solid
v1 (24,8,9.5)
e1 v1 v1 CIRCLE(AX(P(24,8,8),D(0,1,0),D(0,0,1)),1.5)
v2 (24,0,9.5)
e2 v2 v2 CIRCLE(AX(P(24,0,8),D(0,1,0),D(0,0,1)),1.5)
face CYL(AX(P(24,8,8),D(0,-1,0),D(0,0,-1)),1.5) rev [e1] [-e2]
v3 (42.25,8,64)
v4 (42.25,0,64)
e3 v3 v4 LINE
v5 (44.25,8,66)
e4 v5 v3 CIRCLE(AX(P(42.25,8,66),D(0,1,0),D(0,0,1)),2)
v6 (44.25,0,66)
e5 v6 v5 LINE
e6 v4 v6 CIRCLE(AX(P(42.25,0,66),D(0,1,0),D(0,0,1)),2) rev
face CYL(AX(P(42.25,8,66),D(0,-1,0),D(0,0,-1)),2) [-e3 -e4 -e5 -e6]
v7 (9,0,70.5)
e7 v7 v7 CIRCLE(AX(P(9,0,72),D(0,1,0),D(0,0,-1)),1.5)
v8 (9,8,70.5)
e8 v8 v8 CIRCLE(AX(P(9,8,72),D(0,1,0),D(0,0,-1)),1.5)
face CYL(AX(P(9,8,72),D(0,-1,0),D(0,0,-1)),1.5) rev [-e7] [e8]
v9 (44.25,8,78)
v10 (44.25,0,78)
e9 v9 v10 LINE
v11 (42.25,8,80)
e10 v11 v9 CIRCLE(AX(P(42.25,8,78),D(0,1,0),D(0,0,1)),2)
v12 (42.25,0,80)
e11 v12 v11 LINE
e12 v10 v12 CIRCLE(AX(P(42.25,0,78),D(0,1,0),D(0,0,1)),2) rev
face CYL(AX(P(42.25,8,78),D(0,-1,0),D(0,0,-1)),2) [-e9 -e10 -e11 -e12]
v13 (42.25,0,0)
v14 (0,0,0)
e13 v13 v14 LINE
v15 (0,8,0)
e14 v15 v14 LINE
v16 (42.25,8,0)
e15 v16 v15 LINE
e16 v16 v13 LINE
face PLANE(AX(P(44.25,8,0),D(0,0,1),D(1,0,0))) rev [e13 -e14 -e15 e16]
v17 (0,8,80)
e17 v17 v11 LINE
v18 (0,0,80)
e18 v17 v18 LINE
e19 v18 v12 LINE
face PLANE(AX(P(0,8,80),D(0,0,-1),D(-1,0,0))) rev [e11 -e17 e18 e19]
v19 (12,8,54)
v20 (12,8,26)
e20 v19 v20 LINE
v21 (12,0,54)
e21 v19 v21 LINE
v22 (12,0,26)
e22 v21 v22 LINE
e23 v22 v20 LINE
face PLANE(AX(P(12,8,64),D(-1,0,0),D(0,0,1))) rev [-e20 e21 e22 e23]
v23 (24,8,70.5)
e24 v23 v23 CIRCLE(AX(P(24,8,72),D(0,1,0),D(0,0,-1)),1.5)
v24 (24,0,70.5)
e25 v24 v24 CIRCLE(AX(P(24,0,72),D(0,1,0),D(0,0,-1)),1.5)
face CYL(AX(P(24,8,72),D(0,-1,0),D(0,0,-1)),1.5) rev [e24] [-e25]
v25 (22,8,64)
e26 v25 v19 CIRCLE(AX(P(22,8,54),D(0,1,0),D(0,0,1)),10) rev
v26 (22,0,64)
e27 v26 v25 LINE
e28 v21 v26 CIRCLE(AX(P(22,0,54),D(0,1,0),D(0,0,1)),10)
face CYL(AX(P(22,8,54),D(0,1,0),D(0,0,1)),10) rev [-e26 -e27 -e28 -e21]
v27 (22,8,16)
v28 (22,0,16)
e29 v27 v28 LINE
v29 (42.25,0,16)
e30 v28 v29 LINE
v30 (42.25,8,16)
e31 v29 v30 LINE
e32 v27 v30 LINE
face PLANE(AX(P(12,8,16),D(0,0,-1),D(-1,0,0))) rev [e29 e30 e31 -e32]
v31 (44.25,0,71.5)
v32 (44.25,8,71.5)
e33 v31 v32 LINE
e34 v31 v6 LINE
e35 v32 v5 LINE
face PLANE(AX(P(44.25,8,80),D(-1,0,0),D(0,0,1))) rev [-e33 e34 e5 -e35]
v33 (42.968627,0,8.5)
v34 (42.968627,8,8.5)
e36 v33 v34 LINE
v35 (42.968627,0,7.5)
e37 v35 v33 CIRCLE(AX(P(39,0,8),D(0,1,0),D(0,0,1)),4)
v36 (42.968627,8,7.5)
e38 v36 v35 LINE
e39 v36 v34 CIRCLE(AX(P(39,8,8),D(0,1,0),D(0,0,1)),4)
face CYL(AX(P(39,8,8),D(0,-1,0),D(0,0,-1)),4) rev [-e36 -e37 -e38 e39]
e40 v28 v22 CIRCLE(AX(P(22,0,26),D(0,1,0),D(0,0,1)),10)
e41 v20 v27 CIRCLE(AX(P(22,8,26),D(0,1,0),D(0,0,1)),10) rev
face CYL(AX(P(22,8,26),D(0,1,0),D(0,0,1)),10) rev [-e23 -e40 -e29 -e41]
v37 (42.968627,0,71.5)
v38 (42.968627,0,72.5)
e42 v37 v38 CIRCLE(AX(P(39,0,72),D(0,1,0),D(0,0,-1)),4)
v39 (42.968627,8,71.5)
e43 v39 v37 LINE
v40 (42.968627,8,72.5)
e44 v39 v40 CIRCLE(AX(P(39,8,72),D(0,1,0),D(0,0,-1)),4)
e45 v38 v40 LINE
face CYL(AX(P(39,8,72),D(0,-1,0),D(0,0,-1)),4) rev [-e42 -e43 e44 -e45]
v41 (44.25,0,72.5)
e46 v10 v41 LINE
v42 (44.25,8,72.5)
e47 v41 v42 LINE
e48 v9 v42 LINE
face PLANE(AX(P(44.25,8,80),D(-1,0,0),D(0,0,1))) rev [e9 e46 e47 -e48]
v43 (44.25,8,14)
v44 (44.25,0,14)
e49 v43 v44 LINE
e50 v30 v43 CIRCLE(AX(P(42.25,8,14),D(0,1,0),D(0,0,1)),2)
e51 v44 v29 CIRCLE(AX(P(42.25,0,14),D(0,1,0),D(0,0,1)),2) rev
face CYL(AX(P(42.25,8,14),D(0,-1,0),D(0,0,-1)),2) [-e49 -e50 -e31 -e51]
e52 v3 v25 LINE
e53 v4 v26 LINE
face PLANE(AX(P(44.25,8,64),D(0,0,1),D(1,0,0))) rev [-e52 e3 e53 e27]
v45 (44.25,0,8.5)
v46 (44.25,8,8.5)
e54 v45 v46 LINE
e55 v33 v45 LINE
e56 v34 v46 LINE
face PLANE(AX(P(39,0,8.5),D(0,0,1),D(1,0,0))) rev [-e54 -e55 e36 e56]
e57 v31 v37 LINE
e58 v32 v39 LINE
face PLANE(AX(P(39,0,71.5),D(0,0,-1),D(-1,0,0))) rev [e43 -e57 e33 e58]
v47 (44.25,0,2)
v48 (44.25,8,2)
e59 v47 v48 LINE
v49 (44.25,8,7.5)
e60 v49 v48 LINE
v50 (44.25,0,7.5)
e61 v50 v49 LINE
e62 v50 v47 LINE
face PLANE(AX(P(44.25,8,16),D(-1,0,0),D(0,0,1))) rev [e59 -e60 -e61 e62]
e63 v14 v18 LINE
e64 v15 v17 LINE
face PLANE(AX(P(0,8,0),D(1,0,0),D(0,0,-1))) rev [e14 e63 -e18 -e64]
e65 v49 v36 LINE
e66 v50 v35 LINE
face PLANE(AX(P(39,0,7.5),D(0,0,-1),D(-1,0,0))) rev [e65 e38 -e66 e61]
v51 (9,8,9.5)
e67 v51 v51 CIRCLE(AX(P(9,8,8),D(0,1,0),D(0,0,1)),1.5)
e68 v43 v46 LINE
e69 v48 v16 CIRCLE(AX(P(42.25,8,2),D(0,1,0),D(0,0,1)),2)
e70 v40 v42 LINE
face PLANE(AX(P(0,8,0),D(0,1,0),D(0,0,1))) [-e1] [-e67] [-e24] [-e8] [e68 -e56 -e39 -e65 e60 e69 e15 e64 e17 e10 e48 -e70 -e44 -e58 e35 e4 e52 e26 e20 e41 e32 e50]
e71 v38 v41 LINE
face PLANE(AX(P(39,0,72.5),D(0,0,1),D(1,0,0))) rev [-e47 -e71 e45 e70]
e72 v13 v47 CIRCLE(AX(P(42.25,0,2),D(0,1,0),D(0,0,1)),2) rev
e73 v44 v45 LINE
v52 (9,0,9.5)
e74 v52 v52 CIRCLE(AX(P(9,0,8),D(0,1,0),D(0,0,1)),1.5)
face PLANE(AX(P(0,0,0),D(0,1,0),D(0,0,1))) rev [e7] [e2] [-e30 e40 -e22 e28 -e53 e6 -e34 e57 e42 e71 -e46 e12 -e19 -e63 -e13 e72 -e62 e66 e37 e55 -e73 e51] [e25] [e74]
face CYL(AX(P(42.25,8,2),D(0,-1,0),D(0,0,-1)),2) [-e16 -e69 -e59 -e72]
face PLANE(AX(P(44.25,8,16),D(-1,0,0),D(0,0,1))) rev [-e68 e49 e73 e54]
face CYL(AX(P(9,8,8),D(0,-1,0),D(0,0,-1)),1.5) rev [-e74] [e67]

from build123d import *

# Parameters (mm, degrees)
SKETCH1_R           = 4
SKETCH1_R_2         = 1.5
BOSS_EXTRUDE1_DEPTH = 8
CUT_EXTRUDE2_DEPTH  = 92.771795776
FILLET1_R           = 2
FILLET2_R           = 10


with BuildPart() as part:
    # Sketch1 → Boss-Extrude1 (new body)
    with BuildSketch(Plane(origin=(0, 0, 0), x_dir=(1, 0, 0), z_dir=(0, 1, 0))):
        Polygon((0, 0), (0, -80), (44.25, -80), (44.25, -64), (12, -64), (12, -16), (44.25, -16), (44.25, 0), align=None)
        with Locations(Location((39, -8, 0), (0, 0, 270))):
            Circle(SKETCH1_R, mode=Mode.SUBTRACT)
        with Locations(Location((39, -72, 0), (0, 0, 90))):
            Circle(SKETCH1_R, mode=Mode.SUBTRACT)
        with Locations(Location((24, -8, 0), (0, 0, 270))):
            Circle(SKETCH1_R_2, mode=Mode.SUBTRACT)
        with Locations(Location((9, -8, 0), (0, 0, 270))):
            Circle(SKETCH1_R_2, mode=Mode.SUBTRACT)
        with Locations(Location((24, -72, 0), (0, 0, 90))):
            Circle(SKETCH1_R_2, mode=Mode.SUBTRACT)
        with Locations(Location((9, -72, 0), (0, 0, 90))):
            Circle(SKETCH1_R_2, mode=Mode.SUBTRACT)
    extrude(amount=BOSS_EXTRUDE1_DEPTH)

    # Sketch4 → Cut-Extrude2 (cut, through all)
    with BuildSketch(Plane(origin=(0, 8, 0), x_dir=(1, 0, 0), z_dir=(0, 1, 0))):
        with BuildLine():
            Line((39, -7.5), (44.25, -7.5))
            ThreePointArc((44.25, -7.5), (44.75, -8), (44.25, -8.5))
            Line((44.25, -8.5), (39, -8.5))
            ThreePointArc((39, -8.5), (38.5, -8), (39, -7.5))
        make_face()
        with BuildLine():
            Line((39, -71.5), (44.25, -71.5))
            ThreePointArc((44.25, -71.5), (44.75, -72), (44.25, -72.5))
            Line((44.25, -72.5), (39, -72.5))
            ThreePointArc((39, -72.5), (38.5, -72), (39, -71.5))
        make_face()
    extrude(amount=-CUT_EXTRUDE2_DEPTH, mode=Mode.SUBTRACT)

    # Fillet1
    fillet1_edges = [part.edges().sort_by_distance(p)[0] for p in [
        (44.25, 4, 0),
        (44.25, 4, 16),
        (44.25, 4, 64),
        (44.25, 4, 80),
    ]]
    fillet(fillet1_edges, radius=FILLET1_R)

    # Fillet2
    fillet2_edges = [part.edges().sort_by_distance(p)[0] for p in [
        (12, 4, 16),
        (12, 4, 64),
    ]]
    fillet(fillet2_edges, radius=FILLET2_R)


solid = part.part
